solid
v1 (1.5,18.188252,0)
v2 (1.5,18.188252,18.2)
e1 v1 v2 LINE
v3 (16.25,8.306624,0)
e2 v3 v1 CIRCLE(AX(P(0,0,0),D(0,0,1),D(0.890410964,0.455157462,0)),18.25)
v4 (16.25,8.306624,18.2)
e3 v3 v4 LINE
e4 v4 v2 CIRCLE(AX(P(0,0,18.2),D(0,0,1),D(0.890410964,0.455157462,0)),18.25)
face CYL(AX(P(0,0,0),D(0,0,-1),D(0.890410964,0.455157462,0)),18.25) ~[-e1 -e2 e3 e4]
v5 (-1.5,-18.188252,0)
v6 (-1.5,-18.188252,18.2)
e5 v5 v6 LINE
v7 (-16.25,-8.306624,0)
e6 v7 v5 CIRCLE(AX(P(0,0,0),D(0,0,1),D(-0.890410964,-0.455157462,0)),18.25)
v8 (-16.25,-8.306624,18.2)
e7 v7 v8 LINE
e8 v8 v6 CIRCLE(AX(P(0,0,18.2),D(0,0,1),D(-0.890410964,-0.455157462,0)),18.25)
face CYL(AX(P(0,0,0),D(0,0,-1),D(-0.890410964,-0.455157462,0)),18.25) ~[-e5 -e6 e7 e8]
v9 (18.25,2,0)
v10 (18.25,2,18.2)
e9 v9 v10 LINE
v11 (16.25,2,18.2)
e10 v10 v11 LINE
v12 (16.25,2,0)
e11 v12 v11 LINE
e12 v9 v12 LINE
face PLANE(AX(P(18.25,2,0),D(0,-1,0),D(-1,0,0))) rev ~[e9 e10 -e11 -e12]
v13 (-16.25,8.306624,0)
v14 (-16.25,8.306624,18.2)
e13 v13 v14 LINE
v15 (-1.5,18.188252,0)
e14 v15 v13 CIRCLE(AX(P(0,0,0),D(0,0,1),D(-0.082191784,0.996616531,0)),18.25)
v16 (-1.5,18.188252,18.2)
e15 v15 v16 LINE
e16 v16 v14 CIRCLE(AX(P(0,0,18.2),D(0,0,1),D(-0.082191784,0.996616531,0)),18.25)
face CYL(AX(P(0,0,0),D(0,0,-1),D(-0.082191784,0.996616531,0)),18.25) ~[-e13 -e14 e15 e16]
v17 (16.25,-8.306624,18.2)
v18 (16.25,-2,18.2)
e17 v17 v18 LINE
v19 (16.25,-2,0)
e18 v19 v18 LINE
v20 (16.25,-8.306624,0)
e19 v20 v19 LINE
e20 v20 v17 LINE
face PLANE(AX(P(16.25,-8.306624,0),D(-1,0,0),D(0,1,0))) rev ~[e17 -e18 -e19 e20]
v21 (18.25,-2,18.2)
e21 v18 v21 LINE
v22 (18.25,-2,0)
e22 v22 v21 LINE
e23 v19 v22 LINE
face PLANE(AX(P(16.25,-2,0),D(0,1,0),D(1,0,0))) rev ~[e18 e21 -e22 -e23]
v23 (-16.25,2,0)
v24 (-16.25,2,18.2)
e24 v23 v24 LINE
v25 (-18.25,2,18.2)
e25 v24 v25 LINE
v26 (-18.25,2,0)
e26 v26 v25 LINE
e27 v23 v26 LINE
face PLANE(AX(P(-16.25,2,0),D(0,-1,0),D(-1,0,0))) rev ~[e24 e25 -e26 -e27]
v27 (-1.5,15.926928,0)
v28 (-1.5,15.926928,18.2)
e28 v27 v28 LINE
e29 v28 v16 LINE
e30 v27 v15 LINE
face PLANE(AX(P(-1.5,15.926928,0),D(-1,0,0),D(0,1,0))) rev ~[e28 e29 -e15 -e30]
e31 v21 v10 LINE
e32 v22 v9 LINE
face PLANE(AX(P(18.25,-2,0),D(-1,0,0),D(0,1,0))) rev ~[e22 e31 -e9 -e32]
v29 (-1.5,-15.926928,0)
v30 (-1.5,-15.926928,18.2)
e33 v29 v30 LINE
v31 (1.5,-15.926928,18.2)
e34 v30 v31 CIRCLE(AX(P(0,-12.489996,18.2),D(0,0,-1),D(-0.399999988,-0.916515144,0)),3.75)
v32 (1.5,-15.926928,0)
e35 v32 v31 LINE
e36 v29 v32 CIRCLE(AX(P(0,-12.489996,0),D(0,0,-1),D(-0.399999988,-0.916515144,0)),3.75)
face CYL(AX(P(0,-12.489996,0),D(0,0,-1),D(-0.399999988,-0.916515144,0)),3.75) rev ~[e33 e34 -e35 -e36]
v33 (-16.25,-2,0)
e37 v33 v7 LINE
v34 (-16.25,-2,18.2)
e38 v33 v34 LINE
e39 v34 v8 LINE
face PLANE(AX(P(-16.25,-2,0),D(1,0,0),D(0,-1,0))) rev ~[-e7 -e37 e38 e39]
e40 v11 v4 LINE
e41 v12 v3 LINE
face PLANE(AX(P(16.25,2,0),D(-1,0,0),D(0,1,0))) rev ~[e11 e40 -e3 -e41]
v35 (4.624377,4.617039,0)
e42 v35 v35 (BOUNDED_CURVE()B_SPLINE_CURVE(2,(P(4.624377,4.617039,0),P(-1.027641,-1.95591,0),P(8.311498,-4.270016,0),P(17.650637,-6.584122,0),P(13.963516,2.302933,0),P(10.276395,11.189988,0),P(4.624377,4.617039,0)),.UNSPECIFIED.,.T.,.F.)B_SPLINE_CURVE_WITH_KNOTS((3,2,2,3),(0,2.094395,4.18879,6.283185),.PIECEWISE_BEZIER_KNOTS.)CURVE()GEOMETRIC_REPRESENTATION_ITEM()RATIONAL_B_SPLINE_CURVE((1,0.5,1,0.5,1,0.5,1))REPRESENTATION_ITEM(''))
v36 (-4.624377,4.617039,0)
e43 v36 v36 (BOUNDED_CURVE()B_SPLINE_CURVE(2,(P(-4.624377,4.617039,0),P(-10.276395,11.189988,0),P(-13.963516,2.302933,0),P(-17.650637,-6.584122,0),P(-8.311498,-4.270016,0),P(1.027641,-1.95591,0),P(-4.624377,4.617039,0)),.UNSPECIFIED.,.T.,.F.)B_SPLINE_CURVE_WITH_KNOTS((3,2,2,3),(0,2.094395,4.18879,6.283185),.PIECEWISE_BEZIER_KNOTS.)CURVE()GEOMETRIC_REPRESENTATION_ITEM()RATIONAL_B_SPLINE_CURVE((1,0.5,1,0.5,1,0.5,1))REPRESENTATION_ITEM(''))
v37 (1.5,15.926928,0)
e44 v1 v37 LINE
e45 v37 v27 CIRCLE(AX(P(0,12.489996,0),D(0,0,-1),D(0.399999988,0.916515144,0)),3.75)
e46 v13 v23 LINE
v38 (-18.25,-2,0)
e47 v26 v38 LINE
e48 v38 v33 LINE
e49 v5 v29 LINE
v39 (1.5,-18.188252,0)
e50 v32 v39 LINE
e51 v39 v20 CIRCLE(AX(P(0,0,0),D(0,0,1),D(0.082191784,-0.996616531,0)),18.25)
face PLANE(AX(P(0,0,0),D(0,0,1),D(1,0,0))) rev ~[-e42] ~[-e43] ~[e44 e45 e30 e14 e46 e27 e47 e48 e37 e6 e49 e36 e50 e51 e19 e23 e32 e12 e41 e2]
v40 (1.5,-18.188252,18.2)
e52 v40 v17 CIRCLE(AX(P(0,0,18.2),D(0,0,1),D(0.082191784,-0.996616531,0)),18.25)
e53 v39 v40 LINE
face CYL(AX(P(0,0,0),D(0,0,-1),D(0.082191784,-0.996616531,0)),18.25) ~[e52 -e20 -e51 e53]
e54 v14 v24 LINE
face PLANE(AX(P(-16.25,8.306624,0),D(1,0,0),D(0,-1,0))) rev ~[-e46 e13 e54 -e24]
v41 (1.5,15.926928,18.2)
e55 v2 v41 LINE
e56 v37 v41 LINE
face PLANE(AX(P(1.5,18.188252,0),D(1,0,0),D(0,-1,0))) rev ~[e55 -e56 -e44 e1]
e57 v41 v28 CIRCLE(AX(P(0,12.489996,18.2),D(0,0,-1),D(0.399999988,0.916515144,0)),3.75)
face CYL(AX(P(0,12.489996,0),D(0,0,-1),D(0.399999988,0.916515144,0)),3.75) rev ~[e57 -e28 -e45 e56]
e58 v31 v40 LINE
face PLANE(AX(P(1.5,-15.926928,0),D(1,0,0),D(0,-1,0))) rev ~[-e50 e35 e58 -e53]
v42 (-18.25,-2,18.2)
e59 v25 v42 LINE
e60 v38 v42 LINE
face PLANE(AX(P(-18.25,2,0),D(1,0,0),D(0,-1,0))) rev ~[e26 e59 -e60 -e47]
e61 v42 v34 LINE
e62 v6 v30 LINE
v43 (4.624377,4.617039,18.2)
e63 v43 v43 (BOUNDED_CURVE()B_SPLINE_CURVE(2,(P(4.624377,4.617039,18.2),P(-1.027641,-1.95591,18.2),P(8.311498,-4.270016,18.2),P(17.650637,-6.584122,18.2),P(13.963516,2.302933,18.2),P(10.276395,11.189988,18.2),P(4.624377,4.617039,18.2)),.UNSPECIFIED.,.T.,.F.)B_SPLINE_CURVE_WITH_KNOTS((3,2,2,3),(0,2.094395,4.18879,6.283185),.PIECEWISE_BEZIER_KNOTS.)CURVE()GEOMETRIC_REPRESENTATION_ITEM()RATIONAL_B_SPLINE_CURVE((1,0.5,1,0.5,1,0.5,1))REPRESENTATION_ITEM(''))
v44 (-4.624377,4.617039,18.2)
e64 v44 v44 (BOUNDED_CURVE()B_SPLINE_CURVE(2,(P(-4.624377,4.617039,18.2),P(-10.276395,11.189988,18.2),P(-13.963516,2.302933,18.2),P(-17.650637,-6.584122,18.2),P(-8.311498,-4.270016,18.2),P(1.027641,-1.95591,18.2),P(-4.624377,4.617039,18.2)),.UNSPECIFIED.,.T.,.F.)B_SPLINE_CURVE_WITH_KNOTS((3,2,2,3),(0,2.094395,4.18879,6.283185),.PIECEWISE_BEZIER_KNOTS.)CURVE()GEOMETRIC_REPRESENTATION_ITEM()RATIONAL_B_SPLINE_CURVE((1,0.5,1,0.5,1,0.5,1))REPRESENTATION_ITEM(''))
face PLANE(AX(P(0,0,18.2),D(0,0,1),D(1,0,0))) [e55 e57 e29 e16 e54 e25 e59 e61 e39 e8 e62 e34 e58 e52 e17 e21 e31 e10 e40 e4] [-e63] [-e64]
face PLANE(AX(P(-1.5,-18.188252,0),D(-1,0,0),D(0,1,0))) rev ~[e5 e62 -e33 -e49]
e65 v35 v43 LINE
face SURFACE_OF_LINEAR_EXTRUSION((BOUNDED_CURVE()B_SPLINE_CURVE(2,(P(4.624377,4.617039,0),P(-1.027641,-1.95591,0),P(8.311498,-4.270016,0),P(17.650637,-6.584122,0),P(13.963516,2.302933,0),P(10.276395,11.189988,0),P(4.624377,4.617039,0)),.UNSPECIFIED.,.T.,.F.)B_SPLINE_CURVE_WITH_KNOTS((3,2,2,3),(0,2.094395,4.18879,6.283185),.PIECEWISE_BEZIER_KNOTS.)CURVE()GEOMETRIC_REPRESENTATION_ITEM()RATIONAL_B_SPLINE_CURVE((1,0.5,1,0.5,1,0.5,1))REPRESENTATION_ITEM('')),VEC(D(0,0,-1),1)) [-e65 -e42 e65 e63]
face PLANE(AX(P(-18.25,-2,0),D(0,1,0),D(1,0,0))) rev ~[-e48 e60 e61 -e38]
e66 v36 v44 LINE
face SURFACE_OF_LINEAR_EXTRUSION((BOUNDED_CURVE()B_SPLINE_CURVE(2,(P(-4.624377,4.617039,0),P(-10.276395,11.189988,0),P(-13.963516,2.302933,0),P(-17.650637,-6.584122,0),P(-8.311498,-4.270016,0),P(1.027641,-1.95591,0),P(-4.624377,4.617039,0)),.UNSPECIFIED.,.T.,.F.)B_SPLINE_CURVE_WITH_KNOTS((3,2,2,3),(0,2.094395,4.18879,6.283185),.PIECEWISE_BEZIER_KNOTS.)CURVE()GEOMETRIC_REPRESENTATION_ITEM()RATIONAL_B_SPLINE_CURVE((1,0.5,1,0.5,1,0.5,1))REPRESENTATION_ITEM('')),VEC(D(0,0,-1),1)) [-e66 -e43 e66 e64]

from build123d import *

# Parameters (mm, degrees)
F1_DEPTH = 18.2


with BuildPart() as f1:
    # F0 (on Top) → F1 (new body)
    with BuildSketch(Plane.XY):
        with BuildLine():
            Line((16.25, 2), (16.25, 8.306624))
            ThreePointArc((16.25, 8.306624), (10.157621, 15.161967), (1.5, 18.188252))
            Line((1.5, 18.188252), (1.5, 15.926928))
            ThreePointArc((1.5, 15.926928), (0, 8.739996), (-1.5, 15.926928))
            Line((-1.5, 15.926928), (-1.5, 18.188252))
            ThreePointArc((-1.5, 18.188252), (-10.157621, 15.161967), (-16.25, 8.306624))
            Line((-16.25, 8.306624), (-16.25, 2))
            Line((-16.25, 2), (-18.25, 2))
            Line((-18.25, 2), (-18.25, 0))
            Line((-18.25, 0), (-18.25, -2))
            Line((-18.25, -2), (-16.25, -2))
            Line((-16.25, -2), (-16.25, -8.306624))
            ThreePointArc((-16.25, -8.306624), (-10.157621, -15.161967), (-1.5, -18.188252))
            Line((-1.5, -18.188252), (-1.5, -15.926928))
            ThreePointArc((-1.5, -15.926928), (0, -8.739996), (1.5, -15.926928))
            Line((1.5, -15.926928), (1.5, -18.188252))
            ThreePointArc((1.5, -18.188252), (10.157621, -15.161967), (16.25, -8.306624))
            Line((16.25, -8.306624), (16.25, -2))
            Line((16.25, -2), (18.25, -2))
            Line((18.25, -2), (18.25, 0))
            Line((18.25, 0), (18.25, 2))
            Line((18.25, 2), (16.25, 2))
        make_face()
        with BuildLine():
            add(Edge.make_bspline(
                [(-4.624377, 4.617039), (-10.276395, 11.189988), (-13.963516, 2.302933), (-17.650637, -6.584122), (-8.311498, -4.270016), (1.027641, -1.95591), (-4.624377, 4.617039)],
                knots=[0, 0, 0, 2.094395, 2.094395, 4.18879, 4.18879, 6.283185, 6.283185, 6.283185], degree=2, weights=[1, 0.5, 1, 0.5, 1, 0.5, 1]))
        make_face(mode=Mode.SUBTRACT)
        with BuildLine():
            add(Edge.make_bspline(
                [(4.624377, 4.617039), (-1.027641, -1.95591), (8.311498, -4.270016), (17.650637, -6.584122), (13.963516, 2.302933), (10.276395, 11.189988), (4.624377, 4.617039)],
                knots=[0, 0, 0, 2.094395, 2.094395, 4.18879, 4.18879, 6.283185, 6.283185, 6.283185], degree=2, weights=[1, 0.5, 1, 0.5, 1, 0.5, 1]))
        make_face(mode=Mode.SUBTRACT)
    extrude(amount=F1_DEPTH)


solid = f1.part
